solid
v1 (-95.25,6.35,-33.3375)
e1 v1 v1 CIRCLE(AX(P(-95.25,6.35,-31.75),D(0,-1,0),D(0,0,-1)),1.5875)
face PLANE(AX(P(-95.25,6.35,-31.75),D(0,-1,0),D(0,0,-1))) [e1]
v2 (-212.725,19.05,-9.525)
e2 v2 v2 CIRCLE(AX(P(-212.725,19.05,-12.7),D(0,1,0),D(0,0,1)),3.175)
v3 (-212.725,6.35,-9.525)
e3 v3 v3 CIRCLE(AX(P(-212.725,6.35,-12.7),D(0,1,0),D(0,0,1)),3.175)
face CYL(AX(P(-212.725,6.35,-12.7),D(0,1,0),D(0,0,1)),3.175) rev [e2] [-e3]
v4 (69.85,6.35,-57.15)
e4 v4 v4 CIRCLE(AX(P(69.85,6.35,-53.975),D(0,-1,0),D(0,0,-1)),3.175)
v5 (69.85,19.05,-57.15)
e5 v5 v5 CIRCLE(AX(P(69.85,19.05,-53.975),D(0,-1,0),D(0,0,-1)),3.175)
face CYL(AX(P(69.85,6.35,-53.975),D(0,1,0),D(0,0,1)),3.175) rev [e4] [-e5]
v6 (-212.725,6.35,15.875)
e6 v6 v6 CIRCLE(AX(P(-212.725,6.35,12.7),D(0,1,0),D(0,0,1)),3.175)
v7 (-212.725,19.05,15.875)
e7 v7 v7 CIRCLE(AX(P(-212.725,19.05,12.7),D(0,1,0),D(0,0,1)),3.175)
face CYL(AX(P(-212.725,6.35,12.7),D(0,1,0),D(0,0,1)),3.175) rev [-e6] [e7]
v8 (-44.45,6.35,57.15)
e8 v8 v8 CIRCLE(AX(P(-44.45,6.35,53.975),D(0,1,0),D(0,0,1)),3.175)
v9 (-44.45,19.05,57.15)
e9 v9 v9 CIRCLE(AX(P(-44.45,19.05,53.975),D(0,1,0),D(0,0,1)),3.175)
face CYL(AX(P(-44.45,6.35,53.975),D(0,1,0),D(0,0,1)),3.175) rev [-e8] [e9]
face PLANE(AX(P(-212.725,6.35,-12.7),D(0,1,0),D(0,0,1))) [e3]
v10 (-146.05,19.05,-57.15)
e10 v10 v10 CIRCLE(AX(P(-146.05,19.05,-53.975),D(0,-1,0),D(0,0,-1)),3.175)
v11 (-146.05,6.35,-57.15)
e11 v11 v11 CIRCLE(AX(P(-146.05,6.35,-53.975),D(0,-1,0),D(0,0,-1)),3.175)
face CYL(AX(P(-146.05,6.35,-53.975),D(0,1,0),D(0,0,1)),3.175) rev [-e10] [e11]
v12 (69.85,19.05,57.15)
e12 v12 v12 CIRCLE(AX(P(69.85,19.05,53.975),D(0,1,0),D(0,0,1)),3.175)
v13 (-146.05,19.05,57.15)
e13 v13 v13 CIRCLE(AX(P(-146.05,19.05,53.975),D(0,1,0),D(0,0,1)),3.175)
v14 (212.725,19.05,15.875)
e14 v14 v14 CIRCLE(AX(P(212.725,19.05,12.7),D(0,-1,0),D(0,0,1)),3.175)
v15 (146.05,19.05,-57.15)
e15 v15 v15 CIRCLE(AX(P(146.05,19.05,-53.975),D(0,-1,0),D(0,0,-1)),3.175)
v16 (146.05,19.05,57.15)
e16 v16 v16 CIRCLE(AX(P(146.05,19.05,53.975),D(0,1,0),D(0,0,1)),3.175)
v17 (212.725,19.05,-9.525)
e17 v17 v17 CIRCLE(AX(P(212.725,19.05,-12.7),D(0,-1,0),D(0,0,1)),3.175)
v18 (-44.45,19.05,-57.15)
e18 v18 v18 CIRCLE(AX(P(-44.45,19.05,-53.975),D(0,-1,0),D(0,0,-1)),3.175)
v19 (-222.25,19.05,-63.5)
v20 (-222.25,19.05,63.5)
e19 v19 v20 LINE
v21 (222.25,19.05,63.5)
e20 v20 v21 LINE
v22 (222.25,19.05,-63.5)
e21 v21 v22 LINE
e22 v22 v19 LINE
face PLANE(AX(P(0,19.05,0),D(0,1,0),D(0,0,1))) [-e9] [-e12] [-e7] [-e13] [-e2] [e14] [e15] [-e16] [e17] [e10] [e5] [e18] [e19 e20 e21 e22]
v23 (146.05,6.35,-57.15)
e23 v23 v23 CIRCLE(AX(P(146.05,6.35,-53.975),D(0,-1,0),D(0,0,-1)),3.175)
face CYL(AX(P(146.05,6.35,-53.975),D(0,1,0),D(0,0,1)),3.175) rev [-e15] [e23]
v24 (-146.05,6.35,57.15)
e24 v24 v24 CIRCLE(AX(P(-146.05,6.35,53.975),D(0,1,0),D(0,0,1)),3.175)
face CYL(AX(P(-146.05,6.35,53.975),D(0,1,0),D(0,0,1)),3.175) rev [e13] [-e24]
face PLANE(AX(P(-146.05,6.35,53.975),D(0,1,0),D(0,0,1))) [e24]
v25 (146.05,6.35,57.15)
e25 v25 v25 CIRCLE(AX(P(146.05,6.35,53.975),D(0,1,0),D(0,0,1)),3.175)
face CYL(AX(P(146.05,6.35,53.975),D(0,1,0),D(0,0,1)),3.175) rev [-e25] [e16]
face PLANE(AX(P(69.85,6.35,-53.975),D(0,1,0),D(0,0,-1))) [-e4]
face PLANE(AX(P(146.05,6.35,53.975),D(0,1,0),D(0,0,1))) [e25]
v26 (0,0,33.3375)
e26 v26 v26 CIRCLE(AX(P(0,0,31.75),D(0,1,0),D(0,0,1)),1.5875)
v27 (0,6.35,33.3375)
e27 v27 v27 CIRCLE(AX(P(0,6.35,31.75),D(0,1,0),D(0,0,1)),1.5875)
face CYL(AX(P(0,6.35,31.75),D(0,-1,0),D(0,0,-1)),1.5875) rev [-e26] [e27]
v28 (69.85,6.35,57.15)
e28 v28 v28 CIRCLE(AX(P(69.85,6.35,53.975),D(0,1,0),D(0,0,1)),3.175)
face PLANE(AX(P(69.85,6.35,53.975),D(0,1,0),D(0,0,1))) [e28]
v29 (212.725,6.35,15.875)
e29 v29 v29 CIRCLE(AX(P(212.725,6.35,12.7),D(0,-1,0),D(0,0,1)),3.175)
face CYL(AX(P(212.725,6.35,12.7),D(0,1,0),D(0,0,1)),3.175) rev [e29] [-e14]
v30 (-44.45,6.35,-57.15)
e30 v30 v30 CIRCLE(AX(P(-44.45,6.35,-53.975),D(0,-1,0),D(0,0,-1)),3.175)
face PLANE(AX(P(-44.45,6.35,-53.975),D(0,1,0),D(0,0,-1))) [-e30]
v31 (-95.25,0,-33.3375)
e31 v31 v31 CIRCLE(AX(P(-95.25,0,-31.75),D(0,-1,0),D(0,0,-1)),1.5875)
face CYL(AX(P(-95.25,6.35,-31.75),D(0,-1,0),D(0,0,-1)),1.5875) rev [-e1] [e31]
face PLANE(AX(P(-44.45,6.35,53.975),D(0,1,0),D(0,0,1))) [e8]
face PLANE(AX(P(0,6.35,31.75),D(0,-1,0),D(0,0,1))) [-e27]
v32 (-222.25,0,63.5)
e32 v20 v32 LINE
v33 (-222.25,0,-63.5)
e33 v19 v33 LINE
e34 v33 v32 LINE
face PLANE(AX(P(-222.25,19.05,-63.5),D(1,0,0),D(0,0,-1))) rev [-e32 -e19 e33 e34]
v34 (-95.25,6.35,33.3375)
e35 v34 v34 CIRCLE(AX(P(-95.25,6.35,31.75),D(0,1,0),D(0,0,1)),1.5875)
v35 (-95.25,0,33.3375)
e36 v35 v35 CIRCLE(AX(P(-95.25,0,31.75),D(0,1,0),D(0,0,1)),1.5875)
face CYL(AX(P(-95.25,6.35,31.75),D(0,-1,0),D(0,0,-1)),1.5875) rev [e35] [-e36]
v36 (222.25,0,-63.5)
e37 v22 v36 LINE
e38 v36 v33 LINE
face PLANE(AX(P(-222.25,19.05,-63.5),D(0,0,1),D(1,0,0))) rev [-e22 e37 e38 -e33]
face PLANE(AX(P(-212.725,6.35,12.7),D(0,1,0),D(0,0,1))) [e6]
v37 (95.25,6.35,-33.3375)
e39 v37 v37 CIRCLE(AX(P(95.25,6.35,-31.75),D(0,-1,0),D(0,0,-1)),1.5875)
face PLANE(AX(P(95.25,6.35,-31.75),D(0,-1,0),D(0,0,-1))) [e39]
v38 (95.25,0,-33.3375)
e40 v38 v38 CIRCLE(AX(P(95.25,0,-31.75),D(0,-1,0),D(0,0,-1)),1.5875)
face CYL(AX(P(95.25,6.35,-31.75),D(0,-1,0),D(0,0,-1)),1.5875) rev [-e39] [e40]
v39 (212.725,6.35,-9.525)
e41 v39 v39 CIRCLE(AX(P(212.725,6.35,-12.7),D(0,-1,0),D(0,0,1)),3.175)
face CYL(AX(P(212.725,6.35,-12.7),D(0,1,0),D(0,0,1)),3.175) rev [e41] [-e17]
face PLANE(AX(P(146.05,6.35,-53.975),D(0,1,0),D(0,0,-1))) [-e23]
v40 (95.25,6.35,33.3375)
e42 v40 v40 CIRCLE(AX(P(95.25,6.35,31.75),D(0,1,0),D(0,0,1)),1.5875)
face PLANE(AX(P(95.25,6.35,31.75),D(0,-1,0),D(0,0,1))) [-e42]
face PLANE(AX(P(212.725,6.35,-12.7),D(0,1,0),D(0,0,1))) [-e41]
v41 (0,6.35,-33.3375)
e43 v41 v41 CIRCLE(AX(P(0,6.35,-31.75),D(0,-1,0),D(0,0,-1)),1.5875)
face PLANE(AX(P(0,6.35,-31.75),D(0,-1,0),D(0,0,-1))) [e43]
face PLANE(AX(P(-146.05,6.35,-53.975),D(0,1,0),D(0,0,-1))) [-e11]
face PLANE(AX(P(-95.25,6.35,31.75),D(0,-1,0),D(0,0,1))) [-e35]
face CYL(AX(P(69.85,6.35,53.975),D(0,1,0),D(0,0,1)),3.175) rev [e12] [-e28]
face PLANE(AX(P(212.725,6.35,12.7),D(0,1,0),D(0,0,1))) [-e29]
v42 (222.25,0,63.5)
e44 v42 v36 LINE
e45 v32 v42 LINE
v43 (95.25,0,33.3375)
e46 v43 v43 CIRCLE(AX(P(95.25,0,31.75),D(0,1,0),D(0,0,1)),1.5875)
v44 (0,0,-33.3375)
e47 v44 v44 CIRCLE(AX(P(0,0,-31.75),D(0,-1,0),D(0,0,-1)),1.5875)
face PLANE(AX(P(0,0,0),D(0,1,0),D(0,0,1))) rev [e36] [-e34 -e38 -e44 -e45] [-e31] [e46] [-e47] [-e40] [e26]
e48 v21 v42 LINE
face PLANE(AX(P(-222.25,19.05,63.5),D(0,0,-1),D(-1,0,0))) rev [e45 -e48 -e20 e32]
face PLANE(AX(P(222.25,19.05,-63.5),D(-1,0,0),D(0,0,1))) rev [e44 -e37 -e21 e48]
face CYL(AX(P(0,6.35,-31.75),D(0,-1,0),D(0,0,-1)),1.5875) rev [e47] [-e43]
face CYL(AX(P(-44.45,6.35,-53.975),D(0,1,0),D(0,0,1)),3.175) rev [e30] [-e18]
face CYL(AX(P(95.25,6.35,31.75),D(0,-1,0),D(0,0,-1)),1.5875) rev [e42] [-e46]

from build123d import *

# Parameters (mm, degrees)
SKETCH1_W           = 444.5
SKETCH1_H           = 127
BOSS_EXTRUDE1_DEPTH = 19.05
SKETCH2_R           = 3.175
CUT_EXTRUDE1_DEPTH  = 12.7
SKETCH3_R           = 3.175
CUT_EXTRUDE2_DEPTH  = 12.7
SKETCH4_R           = 1.5875
CUT_EXTRUDE3_DEPTH  = 6.35


with BuildPart() as part:
    # Sketch1 → Boss-Extrude1 (new body)
    with BuildSketch(Plane(origin=(0, 0, 0), x_dir=(1, 0, 0), z_dir=(0, 1, 0))):
        Rectangle(SKETCH1_W, SKETCH1_H)
    extrude(amount=BOSS_EXTRUDE1_DEPTH)

    # Sketch2 → Cut-Extrude1 (cut)
    with BuildSketch(Plane(origin=(0, 19.05, 0), x_dir=(1, 0, 0), z_dir=(0, 1, 0))):
        with Locations((-146.05, -53.975)):
            Circle(SKETCH2_R)
        with Locations((-44.45, -53.975)):
            Circle(SKETCH2_R)
        with Locations((69.85, -53.975)):
            Circle(SKETCH2_R)
        with Locations((146.05, -53.975)):
            Circle(SKETCH2_R)
    cut_extrude1 = extrude(amount=-CUT_EXTRUDE1_DEPTH, mode=Mode.SUBTRACT)

    # Mirror1: Cut-Extrude1 across plane
    add(cut_extrude1.mirror(Plane.XY), mode=Mode.SUBTRACT)

    # Sketch3 → Cut-Extrude2 (cut)
    with BuildSketch(Plane(origin=(0, 19.05, 0), x_dir=(1, 0, 0), z_dir=(0, 1, 0))):
        with Locations((-212.725, 12.7)):
            Circle(SKETCH3_R)
        with Locations((-212.725, -12.7)):
            Circle(SKETCH3_R)
    cut_extrude2 = extrude(amount=-CUT_EXTRUDE2_DEPTH, mode=Mode.SUBTRACT)

    # Mirror3: Cut-Extrude2 across plane
    add(cut_extrude2.mirror(Plane(origin=(0, 0, 0), x_dir=(0, 0, 1), z_dir=(1, 0, 0))), mode=Mode.SUBTRACT)

    # Sketch4 → Cut-Extrude3 (cut)
    with BuildSketch(Plane.XZ):
        with Locations((-95.25, -31.75)):
            Circle(SKETCH4_R)
        with Locations((0, -31.75)):
            Circle(SKETCH4_R)
        with Locations((95.25, -31.75)):
            Circle(SKETCH4_R)
    cut_extrude3 = extrude(amount=-CUT_EXTRUDE3_DEPTH, mode=Mode.SUBTRACT)

    # Mirror4: Cut-Extrude3 across plane
    add(cut_extrude3.mirror(Plane.XY), mode=Mode.SUBTRACT)


solid = part.part
